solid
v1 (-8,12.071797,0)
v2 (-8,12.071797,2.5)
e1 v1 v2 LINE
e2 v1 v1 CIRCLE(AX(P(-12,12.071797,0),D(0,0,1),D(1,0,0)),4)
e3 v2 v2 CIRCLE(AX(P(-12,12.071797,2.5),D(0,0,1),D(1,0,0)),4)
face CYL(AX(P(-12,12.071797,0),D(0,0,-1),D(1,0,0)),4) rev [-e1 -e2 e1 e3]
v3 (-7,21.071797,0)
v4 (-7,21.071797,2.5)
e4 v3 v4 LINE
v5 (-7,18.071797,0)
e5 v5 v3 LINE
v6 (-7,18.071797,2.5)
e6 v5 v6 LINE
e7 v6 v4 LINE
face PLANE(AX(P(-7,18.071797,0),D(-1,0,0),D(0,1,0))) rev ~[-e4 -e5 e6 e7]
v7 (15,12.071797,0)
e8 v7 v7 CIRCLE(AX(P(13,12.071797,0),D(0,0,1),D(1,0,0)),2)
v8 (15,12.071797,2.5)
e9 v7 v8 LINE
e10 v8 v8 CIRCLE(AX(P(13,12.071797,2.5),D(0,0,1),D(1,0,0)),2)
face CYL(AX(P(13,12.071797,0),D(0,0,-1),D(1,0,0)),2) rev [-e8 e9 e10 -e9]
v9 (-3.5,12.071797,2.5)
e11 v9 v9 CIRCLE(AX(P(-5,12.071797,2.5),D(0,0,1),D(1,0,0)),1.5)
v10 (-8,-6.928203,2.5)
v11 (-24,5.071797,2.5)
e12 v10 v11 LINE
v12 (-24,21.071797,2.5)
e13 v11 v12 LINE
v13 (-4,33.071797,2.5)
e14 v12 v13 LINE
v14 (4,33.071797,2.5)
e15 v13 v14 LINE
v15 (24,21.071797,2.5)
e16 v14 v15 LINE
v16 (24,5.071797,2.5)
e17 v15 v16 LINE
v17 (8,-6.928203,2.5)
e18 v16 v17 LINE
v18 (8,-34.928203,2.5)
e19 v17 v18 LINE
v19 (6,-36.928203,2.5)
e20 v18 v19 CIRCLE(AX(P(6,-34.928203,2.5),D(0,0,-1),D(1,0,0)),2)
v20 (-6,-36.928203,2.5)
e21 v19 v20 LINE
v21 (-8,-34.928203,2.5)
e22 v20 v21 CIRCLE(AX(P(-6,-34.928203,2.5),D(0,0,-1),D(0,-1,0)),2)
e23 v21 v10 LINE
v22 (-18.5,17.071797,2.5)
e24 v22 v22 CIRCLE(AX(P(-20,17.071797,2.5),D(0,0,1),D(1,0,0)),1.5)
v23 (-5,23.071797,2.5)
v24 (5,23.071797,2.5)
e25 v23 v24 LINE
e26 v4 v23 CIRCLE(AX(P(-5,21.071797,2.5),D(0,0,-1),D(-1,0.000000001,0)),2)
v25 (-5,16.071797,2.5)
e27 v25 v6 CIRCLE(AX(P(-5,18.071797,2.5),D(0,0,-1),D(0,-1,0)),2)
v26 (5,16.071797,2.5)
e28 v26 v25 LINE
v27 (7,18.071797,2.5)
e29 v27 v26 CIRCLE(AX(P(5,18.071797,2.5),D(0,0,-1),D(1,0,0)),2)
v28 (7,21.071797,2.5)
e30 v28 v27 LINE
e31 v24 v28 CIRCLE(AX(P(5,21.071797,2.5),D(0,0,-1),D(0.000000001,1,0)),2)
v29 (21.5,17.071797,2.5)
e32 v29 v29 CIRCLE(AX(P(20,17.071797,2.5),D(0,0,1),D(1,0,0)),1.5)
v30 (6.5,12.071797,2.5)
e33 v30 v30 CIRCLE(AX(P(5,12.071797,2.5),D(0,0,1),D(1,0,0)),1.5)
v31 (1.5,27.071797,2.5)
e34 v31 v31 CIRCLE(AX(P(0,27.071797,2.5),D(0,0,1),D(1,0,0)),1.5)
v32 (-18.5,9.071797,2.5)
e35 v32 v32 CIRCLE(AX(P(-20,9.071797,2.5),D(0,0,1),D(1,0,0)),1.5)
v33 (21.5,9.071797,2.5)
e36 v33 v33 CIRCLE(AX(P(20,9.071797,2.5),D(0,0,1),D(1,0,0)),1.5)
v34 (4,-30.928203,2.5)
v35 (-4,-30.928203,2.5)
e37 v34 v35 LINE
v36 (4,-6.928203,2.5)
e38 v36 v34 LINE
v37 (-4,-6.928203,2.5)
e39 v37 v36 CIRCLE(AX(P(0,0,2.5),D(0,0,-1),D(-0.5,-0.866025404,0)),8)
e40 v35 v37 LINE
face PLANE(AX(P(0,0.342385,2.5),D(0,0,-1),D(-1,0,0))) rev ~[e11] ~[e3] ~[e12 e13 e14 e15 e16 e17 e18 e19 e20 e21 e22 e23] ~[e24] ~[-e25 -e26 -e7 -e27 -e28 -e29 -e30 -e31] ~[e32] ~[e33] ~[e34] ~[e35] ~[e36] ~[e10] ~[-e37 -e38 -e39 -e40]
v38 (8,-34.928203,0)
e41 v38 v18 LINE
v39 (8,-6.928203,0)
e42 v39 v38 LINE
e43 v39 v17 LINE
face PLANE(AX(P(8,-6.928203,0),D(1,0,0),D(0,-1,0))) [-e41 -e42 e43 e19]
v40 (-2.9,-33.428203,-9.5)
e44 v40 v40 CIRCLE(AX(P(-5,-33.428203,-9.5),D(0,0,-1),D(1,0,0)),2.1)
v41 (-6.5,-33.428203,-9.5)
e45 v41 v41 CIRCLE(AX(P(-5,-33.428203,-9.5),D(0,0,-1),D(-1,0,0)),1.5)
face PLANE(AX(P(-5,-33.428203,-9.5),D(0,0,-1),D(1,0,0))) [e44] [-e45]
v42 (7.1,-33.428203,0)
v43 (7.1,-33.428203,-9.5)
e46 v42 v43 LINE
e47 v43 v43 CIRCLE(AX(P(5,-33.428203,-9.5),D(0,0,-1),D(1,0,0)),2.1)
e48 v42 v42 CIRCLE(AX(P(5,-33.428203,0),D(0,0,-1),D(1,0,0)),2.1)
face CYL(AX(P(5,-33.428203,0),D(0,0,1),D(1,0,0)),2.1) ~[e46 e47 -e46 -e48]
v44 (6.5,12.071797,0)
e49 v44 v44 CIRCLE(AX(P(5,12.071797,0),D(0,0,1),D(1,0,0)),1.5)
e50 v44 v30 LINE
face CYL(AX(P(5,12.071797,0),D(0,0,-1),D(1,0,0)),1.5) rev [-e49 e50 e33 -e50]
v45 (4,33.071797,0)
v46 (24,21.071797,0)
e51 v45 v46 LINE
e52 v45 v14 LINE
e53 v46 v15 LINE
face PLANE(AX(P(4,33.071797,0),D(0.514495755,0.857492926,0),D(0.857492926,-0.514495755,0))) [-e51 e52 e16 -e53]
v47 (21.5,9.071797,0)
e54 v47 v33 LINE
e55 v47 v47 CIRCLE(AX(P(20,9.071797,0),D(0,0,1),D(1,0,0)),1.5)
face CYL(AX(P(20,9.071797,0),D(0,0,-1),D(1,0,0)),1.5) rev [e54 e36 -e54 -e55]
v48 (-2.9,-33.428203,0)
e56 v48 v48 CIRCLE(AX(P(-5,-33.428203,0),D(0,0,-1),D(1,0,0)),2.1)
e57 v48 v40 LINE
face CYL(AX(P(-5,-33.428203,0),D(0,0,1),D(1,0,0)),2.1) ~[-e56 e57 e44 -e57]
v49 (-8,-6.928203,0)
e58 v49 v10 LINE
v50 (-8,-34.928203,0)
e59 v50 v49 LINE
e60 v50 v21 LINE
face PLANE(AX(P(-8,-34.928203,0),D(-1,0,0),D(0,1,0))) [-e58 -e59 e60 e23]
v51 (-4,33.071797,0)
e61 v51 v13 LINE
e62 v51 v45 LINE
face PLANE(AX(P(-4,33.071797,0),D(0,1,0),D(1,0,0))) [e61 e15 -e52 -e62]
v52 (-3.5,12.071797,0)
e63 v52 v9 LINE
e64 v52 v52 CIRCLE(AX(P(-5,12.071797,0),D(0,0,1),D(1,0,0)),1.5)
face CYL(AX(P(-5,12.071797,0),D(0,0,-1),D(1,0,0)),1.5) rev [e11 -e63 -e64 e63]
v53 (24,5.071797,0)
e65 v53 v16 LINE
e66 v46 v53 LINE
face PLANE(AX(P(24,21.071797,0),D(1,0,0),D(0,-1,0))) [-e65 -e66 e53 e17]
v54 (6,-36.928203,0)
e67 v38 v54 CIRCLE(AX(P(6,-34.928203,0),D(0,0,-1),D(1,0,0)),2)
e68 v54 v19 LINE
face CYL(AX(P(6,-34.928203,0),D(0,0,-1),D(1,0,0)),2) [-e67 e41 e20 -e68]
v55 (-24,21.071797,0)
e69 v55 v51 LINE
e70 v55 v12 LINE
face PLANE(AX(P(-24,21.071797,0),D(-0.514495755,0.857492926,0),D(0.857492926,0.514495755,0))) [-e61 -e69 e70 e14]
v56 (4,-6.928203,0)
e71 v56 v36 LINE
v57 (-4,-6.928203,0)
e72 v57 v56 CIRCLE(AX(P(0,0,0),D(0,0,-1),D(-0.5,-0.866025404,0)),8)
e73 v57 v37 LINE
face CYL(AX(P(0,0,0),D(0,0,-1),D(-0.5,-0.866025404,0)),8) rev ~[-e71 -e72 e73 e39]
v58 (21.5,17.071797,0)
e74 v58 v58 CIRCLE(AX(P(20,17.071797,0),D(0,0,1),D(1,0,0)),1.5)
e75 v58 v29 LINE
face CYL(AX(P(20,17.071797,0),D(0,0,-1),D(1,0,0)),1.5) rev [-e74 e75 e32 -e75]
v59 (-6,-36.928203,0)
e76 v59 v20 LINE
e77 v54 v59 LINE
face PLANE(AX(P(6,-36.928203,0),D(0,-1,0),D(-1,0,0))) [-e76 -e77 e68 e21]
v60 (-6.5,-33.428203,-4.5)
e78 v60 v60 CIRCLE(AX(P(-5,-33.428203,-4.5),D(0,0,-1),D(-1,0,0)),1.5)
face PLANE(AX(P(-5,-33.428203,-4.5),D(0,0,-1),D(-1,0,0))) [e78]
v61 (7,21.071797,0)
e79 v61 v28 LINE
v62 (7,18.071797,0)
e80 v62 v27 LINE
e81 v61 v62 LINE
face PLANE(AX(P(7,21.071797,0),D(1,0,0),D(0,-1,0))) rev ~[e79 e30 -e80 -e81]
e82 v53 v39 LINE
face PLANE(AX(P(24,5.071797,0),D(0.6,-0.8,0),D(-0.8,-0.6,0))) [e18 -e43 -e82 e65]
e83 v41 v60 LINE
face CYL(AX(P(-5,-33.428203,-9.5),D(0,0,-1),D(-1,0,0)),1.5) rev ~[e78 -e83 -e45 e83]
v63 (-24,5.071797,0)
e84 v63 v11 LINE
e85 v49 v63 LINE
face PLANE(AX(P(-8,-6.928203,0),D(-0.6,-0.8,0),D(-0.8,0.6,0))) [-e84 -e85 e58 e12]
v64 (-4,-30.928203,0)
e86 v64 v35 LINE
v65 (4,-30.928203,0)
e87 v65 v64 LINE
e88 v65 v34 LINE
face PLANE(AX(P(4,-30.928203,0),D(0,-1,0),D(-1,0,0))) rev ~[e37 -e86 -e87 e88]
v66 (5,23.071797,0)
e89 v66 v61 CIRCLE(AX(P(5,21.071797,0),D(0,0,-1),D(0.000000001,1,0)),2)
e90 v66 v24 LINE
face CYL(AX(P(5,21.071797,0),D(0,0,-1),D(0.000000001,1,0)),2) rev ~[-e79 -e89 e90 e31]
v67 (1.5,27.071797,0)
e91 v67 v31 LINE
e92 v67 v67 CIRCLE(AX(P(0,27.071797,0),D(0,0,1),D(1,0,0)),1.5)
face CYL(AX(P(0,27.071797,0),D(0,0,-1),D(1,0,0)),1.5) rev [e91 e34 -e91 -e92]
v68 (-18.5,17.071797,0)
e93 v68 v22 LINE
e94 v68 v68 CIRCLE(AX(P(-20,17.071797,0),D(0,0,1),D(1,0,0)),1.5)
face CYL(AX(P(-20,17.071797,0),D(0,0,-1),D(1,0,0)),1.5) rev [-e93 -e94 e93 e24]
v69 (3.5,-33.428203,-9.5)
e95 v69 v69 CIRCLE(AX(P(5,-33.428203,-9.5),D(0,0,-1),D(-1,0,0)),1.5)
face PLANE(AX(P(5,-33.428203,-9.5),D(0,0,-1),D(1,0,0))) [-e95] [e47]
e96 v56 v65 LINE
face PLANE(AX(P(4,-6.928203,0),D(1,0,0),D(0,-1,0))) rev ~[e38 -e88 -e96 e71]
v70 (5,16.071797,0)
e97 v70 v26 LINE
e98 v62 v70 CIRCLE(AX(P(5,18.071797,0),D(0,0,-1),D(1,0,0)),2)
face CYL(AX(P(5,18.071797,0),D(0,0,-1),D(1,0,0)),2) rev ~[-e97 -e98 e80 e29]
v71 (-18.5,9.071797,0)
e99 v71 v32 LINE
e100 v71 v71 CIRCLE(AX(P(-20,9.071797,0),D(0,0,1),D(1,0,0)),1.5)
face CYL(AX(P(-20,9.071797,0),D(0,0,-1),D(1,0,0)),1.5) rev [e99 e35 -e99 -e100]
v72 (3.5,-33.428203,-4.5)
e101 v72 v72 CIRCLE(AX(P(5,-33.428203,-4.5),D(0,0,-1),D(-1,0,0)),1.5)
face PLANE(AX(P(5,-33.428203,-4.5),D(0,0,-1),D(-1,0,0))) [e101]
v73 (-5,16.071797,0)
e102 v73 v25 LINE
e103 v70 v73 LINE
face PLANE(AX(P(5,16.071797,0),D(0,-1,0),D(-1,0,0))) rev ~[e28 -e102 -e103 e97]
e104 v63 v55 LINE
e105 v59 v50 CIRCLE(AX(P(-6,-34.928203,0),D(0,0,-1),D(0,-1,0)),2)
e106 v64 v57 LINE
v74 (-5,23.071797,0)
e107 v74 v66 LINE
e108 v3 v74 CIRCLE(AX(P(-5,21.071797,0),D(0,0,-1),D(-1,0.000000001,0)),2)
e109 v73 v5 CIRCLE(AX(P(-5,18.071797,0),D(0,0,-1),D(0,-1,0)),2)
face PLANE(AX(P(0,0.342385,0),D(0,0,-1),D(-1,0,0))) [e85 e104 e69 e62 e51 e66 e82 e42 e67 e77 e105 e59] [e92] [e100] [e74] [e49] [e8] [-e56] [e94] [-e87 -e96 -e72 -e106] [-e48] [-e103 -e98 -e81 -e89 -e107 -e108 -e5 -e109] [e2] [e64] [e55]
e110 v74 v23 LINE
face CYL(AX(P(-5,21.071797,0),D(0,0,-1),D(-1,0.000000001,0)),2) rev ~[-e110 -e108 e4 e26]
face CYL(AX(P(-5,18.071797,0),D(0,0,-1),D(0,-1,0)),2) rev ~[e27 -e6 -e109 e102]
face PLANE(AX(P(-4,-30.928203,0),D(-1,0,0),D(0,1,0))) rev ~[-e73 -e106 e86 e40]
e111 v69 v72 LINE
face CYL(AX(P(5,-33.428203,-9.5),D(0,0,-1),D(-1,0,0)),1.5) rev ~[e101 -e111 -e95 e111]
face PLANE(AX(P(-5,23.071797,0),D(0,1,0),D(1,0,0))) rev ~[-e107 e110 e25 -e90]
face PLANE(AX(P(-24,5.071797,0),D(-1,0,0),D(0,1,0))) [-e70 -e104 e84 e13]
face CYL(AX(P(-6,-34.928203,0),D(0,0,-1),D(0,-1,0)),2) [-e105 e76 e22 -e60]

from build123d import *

# Parameters (mm, degrees)
SKETCH1_R           = 4
SKETCH1_R_2         = 1.5
SKETCH1_R_3         = 2
BOSS_EXTRUDE1_DEPTH = 2.5
SKETCH2_R           = 2.1
BOSS_EXTRUDE2_DEPTH = 9.5
SKETCH4_R           = 1.5
CUT_EXTRUDE1_DEPTH  = 5


with BuildPart() as part:
    # Sketch1 → Boss-Extrude1 (new body)
    with BuildSketch(Plane.XY):
        with BuildLine():
            Line((-24, 5.07179677), (-24, 21.07179677))
            Line((-24, 21.07179677), (-4, 33.07179677))
            Line((-4, 33.07179677), (4, 33.07179677))
            Line((4, 33.07179677), (24, 21.07179677))
            Line((24, 21.07179677), (24, 5.07179677))
            Line((24, 5.07179677), (8, -6.92820323))
            Line((8, -6.92820323), (8, -34.92820323))
            ThreePointArc((8, -34.92820323), (7.414213562, -36.342416793), (6, -36.92820323))
            Line((6, -36.92820323), (-6, -36.92820323))
            ThreePointArc((-6, -36.92820323), (-7.414213562, -36.342416793), (-8, -34.92820323))
            Line((-8, -34.92820323), (-8, -6.92820323))
            Line((-8, -6.92820323), (-24, 5.07179677))
        make_face()
        with Locations((-12, 12.07179677)):
            Circle(SKETCH1_R, mode=Mode.SUBTRACT)
        with Locations((-5, 12.07179677)):
            Circle(SKETCH1_R_2, mode=Mode.SUBTRACT)
        with Locations((5, 12.07179677)):
            Circle(SKETCH1_R_2, mode=Mode.SUBTRACT)
        with Locations((0, 27.07179677)):
            Circle(SKETCH1_R_2, mode=Mode.SUBTRACT)
        with Locations((20, 17.07179677)):
            Circle(SKETCH1_R_2, mode=Mode.SUBTRACT)
        with Locations((20, 9.07179677)):
            Circle(SKETCH1_R_2, mode=Mode.SUBTRACT)
        with Locations((-20, 17.07179677)):
            Circle(SKETCH1_R_2, mode=Mode.SUBTRACT)
        with Locations((-20, 9.07179677)):
            Circle(SKETCH1_R_2, mode=Mode.SUBTRACT)
        with Locations((13, 12.07179677)):
            Circle(SKETCH1_R_3, mode=Mode.SUBTRACT)
        with BuildLine():
            Line((4, -30.92820323), (-4, -30.92820323))
            Line((-4, -30.92820323), (-4, -6.92820323))
            ThreePointArc((-4, -6.92820323), (0, 8), (4, -6.92820323))
            Line((4, -6.92820323), (4, -30.92820323))
        make_face(mode=Mode.SUBTRACT)
        with BuildLine():
            Line((-5, 23.07179677), (5, 23.07179677))
            ThreePointArc((5, 23.07179677), (6.414213562, 22.486010332), (7, 21.07179677))
            Line((7, 21.07179677), (7, 18.07179677))
            ThreePointArc((7, 18.07179677), (6.414213562, 16.657583207), (5, 16.07179677))
            Line((5, 16.07179677), (-5, 16.07179677))
            ThreePointArc((-5, 16.07179677), (-6.414213562, 16.657583207), (-7, 18.07179677))
            Line((-7, 18.07179677), (-7, 21.07179677))
            ThreePointArc((-7, 21.07179677), (-6.414213562, 22.486010332), (-5, 23.07179677))
        make_face(mode=Mode.SUBTRACT)
    extrude(amount=BOSS_EXTRUDE1_DEPTH)

    # Sketch2 → Boss-Extrude2 (add)
    with BuildSketch(Plane(origin=(0, 0, 0), x_dir=(-1, 0, 0), z_dir=(0, 0, -1))):
        with Locations(Location((-5, -33.42820323, 0), (0, 0, 180))):
            Circle(SKETCH2_R)
        with Locations(Location((5, -33.42820323, 0), (0, 0, 180))):
            Circle(SKETCH2_R)
    extrude(amount=BOSS_EXTRUDE2_DEPTH)

    # Sketch4 → Cut-Extrude1 (cut)
    with BuildSketch(Plane(origin=(0, 0, -9.5), x_dir=(-1, 0, 0), z_dir=(0, 0, -1))):
        with Locations((-5, -33.42820323)):
            Circle(SKETCH4_R)
        with Locations((5, -33.42820323)):
            Circle(SKETCH4_R)
    extrude(amount=-CUT_EXTRUDE1_DEPTH, mode=Mode.SUBTRACT)


solid = part.part
